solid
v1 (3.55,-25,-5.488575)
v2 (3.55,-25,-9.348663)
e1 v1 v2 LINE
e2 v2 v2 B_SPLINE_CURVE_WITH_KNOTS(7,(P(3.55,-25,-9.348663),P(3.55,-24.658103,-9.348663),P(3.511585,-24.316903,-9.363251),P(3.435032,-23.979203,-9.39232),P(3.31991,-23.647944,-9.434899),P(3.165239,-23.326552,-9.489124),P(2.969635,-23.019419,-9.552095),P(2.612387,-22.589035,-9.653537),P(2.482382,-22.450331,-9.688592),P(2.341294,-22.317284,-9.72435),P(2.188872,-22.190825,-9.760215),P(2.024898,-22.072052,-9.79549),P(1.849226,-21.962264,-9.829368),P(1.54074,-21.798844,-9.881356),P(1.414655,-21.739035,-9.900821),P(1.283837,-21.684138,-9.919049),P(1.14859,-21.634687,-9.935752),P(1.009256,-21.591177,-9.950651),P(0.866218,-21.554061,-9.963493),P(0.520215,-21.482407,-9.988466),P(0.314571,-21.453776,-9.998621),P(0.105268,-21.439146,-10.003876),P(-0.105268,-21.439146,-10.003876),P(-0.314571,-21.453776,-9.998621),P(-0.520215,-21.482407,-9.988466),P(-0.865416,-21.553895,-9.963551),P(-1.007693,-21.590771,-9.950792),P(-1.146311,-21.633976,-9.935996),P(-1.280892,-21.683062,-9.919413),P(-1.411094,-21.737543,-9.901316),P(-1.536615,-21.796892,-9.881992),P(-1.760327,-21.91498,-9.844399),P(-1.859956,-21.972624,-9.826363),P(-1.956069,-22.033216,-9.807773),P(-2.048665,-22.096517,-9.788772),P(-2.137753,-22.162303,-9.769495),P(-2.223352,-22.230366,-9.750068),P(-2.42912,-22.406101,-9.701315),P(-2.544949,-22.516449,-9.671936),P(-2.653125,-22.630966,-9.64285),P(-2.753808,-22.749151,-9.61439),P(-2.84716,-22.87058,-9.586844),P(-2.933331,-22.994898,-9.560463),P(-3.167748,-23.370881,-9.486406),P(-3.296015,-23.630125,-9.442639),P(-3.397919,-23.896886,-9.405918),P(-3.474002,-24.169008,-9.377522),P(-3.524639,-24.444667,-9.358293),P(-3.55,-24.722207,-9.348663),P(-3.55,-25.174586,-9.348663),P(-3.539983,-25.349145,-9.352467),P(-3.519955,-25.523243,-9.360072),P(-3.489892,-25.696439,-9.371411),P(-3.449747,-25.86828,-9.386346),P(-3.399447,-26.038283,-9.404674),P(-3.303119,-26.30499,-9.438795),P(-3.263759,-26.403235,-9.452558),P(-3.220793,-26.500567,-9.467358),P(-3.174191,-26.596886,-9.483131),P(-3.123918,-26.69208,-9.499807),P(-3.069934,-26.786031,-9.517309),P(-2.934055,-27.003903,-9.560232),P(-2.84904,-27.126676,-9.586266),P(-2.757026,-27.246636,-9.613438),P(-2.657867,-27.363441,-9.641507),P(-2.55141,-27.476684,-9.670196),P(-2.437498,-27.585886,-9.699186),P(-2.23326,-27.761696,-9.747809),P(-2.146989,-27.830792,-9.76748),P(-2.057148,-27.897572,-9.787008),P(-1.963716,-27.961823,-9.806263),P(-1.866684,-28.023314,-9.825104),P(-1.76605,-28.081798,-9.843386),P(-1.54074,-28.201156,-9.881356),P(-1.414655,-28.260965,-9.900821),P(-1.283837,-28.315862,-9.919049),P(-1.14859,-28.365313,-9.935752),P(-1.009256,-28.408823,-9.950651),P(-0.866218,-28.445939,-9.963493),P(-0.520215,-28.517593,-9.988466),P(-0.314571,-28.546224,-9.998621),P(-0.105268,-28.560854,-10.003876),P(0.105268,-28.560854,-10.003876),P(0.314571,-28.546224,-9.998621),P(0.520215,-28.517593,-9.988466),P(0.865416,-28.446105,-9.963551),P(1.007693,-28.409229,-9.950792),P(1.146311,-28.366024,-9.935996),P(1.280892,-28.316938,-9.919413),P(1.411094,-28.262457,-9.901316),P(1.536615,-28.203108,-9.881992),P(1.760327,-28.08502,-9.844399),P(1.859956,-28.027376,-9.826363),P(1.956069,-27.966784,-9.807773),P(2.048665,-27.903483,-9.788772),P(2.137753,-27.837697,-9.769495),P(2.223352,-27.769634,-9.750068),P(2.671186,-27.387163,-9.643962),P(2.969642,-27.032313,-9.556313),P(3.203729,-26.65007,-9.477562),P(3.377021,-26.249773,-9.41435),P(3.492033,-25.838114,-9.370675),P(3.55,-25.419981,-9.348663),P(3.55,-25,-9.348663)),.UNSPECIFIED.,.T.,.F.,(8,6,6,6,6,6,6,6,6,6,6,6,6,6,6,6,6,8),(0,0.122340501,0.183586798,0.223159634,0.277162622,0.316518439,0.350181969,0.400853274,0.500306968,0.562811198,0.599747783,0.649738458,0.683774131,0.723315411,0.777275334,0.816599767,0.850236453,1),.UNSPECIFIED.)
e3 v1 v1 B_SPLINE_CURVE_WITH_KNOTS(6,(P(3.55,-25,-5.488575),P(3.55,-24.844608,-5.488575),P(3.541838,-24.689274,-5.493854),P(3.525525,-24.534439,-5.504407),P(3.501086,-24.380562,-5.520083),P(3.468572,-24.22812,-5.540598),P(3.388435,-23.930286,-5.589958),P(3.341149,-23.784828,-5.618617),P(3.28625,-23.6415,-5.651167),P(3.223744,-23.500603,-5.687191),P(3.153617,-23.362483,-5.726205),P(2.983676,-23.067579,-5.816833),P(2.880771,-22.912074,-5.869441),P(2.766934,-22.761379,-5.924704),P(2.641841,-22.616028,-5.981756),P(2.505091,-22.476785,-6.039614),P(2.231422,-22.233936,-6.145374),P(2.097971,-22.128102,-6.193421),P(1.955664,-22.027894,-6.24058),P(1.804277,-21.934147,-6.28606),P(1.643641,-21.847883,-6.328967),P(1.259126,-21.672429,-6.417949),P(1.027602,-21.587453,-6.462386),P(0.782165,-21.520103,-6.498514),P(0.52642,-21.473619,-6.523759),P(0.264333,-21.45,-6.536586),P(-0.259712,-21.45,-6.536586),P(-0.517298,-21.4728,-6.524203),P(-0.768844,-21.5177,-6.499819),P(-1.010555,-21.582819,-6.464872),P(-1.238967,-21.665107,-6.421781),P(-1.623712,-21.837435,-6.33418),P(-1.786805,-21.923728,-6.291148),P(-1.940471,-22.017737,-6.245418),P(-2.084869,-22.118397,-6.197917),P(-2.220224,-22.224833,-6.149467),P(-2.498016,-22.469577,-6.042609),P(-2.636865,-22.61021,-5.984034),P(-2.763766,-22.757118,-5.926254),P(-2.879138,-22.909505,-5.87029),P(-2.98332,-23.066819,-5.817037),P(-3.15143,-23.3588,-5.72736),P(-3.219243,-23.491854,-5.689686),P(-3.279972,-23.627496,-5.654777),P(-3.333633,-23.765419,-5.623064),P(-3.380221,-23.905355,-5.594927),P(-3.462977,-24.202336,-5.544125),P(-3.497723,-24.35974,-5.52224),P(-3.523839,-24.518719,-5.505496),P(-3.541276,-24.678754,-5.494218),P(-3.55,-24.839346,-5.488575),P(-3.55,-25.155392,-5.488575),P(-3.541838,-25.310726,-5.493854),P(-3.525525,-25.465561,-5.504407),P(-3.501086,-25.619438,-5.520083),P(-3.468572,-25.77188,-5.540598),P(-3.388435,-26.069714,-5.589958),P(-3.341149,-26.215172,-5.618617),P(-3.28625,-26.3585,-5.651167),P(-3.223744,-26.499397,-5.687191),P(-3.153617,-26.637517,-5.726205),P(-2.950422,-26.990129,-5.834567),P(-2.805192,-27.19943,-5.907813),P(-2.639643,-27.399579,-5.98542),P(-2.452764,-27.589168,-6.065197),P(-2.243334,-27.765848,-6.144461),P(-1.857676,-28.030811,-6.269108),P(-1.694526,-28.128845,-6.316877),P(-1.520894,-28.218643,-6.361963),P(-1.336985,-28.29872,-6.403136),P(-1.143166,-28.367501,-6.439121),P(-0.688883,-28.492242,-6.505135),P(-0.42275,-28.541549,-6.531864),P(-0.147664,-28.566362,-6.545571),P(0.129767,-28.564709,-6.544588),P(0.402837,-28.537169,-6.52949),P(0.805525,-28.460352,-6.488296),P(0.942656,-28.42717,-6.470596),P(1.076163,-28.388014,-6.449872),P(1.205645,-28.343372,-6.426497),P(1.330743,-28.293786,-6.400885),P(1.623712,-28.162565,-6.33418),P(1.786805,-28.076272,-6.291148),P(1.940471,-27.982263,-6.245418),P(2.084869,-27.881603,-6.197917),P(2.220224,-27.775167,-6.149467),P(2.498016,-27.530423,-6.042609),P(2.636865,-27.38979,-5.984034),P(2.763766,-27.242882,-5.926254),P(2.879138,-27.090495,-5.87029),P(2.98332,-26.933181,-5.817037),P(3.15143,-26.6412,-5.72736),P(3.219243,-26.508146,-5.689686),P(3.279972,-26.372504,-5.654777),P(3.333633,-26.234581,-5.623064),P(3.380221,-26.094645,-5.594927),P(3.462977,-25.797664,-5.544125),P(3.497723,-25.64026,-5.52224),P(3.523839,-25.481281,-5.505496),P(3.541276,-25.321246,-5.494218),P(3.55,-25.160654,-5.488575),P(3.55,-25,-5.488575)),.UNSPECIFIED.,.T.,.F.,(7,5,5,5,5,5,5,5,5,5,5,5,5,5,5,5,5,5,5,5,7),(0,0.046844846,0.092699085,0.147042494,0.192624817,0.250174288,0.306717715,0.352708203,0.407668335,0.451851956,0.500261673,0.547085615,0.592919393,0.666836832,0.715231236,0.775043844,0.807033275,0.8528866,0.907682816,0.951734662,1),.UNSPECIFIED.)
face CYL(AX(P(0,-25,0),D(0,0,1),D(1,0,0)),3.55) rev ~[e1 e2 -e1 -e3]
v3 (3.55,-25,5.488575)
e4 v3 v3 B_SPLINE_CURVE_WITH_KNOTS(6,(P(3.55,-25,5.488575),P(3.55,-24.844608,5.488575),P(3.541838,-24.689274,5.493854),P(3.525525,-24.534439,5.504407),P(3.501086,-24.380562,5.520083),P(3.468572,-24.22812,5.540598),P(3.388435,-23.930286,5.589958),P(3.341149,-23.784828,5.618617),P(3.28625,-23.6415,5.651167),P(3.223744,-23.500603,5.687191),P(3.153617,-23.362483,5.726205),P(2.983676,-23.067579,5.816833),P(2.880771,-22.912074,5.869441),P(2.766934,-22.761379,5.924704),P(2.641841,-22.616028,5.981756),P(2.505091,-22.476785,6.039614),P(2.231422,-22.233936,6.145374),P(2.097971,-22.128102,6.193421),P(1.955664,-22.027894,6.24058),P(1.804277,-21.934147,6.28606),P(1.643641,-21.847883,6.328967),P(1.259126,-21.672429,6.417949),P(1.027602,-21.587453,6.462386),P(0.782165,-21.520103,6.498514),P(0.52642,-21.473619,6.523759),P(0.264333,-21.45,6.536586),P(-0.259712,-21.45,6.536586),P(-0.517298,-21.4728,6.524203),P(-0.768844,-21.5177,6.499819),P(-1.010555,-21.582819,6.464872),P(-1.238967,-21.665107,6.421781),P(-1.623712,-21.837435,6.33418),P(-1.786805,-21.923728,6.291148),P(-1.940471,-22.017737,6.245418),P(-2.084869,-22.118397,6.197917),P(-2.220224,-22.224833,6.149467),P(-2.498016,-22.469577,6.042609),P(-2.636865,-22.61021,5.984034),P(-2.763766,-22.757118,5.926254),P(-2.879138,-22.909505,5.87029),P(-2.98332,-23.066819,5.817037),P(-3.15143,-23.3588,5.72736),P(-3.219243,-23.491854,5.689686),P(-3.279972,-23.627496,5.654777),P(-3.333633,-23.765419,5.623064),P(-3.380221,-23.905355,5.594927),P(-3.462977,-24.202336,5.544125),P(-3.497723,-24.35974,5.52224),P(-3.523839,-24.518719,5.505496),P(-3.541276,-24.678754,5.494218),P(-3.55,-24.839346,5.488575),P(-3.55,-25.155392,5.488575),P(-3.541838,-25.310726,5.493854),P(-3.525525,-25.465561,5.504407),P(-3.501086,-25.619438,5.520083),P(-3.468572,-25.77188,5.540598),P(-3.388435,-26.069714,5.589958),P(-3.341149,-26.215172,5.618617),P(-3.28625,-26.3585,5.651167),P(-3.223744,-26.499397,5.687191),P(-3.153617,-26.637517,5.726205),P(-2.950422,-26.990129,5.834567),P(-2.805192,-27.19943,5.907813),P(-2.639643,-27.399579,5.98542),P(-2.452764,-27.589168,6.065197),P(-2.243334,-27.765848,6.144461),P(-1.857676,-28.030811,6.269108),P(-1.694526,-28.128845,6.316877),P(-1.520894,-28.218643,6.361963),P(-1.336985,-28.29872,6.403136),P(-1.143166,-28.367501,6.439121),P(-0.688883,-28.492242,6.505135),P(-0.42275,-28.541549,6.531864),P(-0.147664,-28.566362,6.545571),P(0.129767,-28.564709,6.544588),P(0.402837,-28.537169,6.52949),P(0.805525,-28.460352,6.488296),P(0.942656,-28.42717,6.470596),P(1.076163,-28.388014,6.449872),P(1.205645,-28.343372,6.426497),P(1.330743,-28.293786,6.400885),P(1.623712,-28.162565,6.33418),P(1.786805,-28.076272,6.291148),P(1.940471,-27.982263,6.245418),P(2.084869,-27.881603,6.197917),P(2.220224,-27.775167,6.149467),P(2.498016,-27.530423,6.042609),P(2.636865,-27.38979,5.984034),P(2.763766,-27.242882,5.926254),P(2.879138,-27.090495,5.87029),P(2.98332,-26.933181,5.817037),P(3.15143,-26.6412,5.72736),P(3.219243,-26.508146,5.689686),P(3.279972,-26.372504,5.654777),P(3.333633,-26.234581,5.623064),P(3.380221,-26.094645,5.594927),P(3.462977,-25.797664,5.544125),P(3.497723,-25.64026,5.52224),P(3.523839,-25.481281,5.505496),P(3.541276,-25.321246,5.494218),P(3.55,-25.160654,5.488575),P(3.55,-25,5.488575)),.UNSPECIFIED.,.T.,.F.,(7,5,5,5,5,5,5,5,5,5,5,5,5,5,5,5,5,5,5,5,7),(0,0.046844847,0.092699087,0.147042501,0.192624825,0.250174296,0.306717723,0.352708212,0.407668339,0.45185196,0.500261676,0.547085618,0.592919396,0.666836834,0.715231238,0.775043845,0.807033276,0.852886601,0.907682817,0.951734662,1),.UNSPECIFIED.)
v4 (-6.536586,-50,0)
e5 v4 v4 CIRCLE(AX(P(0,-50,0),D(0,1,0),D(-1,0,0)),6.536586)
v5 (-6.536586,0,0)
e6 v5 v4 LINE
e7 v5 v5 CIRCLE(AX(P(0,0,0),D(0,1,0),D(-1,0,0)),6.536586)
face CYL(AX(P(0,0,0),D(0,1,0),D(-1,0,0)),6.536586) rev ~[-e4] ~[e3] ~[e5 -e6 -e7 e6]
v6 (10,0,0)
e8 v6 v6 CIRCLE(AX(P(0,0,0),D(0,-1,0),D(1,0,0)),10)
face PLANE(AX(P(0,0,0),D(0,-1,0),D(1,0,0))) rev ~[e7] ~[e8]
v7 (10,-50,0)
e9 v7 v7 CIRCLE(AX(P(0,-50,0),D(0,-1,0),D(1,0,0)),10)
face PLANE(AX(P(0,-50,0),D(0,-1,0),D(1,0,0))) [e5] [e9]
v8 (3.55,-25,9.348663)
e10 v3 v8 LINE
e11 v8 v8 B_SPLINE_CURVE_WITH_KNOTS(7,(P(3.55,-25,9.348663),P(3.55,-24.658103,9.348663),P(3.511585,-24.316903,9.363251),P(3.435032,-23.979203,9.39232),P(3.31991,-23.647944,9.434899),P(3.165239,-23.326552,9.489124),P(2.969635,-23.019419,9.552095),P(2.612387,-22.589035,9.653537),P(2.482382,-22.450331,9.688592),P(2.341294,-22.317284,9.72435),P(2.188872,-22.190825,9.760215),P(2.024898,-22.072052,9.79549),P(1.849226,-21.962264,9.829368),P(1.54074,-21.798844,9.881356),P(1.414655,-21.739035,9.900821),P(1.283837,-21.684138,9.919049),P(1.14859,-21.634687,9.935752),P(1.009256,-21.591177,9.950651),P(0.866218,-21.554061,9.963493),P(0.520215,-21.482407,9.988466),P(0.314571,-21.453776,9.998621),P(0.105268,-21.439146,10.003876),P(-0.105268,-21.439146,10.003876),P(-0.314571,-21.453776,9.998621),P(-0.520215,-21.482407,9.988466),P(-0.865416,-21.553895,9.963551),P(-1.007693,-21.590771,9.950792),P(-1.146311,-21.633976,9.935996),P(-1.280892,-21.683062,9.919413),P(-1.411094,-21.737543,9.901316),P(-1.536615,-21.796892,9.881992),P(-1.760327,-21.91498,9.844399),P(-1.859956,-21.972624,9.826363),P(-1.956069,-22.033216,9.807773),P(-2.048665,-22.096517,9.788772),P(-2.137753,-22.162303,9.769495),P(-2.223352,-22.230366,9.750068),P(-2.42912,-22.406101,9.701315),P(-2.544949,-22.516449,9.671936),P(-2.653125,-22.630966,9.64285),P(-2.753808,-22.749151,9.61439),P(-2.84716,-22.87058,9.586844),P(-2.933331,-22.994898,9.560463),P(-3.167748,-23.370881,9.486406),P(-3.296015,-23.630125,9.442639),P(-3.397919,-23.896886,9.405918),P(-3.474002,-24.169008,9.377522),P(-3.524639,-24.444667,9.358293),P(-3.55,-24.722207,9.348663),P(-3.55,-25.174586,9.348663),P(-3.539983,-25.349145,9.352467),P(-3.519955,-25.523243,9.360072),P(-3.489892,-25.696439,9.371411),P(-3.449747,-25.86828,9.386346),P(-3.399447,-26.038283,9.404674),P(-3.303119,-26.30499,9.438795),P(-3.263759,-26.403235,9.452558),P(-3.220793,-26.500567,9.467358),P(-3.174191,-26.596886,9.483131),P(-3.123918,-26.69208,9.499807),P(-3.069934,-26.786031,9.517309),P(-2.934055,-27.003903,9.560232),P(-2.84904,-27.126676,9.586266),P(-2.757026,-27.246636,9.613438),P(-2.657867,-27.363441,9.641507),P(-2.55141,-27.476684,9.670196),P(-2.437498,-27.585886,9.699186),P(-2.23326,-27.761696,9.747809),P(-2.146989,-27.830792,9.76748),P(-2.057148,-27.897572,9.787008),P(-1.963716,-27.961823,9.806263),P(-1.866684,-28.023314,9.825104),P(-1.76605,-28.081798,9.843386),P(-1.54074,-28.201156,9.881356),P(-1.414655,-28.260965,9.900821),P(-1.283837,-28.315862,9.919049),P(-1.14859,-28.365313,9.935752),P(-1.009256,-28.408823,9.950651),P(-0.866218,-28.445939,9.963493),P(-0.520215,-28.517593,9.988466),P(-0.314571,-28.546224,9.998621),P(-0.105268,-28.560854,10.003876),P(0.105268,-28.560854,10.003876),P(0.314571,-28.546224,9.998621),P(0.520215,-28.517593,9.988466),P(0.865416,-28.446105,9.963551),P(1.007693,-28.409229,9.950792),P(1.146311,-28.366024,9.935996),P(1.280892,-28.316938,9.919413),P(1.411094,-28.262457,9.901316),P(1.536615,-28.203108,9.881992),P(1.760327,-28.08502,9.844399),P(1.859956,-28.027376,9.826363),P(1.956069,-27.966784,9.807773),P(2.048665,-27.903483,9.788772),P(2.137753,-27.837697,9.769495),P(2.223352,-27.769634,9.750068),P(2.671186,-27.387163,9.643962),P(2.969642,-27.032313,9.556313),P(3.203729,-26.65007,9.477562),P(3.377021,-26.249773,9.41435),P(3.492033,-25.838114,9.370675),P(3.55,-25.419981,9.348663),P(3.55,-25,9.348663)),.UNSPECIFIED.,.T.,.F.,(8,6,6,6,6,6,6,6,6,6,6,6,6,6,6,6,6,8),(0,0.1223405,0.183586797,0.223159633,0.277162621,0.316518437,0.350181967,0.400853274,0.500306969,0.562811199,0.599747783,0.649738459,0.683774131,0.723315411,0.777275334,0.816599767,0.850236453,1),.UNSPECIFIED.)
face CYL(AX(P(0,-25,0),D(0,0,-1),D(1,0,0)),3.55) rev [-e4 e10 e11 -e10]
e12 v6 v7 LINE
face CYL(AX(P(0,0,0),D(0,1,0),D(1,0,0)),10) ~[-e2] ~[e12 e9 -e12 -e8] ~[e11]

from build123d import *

# Parameters (mm, degrees)
F0_R          = 10
F1_DEPTH      = 50
F2_R          = 3.55
F3_DEPTH      = 25
F3_DEPTH_BACK = 25
F4_R          = 6.5365859356
F5_DEPTH      = 60


with BuildPart() as f1:
    # F0 (on Front) → F1 (new body)
    with BuildSketch(Plane.XZ):
        Circle(F0_R)
    extrude(amount=F1_DEPTH)

    # F2 (on Top) → F3 (cut, two sides)
    with BuildSketch(Plane.XY) as f3_sk:
        with Locations((0, -25)):
            Circle(F2_R)
    extrude(amount=-F3_DEPTH, mode=Mode.SUBTRACT)
    extrude(f3_sk.sketch, amount=F3_DEPTH_BACK, mode=Mode.SUBTRACT)

    # F4 (on face) → F5 (cut)
    with BuildSketch(Plane(origin=(0, 0, 0), x_dir=(-1, 0, 0), z_dir=(0, 1, 0))):
        Circle(F4_R)
    extrude(amount=-F5_DEPTH, mode=Mode.SUBTRACT)


solid = f1.part
